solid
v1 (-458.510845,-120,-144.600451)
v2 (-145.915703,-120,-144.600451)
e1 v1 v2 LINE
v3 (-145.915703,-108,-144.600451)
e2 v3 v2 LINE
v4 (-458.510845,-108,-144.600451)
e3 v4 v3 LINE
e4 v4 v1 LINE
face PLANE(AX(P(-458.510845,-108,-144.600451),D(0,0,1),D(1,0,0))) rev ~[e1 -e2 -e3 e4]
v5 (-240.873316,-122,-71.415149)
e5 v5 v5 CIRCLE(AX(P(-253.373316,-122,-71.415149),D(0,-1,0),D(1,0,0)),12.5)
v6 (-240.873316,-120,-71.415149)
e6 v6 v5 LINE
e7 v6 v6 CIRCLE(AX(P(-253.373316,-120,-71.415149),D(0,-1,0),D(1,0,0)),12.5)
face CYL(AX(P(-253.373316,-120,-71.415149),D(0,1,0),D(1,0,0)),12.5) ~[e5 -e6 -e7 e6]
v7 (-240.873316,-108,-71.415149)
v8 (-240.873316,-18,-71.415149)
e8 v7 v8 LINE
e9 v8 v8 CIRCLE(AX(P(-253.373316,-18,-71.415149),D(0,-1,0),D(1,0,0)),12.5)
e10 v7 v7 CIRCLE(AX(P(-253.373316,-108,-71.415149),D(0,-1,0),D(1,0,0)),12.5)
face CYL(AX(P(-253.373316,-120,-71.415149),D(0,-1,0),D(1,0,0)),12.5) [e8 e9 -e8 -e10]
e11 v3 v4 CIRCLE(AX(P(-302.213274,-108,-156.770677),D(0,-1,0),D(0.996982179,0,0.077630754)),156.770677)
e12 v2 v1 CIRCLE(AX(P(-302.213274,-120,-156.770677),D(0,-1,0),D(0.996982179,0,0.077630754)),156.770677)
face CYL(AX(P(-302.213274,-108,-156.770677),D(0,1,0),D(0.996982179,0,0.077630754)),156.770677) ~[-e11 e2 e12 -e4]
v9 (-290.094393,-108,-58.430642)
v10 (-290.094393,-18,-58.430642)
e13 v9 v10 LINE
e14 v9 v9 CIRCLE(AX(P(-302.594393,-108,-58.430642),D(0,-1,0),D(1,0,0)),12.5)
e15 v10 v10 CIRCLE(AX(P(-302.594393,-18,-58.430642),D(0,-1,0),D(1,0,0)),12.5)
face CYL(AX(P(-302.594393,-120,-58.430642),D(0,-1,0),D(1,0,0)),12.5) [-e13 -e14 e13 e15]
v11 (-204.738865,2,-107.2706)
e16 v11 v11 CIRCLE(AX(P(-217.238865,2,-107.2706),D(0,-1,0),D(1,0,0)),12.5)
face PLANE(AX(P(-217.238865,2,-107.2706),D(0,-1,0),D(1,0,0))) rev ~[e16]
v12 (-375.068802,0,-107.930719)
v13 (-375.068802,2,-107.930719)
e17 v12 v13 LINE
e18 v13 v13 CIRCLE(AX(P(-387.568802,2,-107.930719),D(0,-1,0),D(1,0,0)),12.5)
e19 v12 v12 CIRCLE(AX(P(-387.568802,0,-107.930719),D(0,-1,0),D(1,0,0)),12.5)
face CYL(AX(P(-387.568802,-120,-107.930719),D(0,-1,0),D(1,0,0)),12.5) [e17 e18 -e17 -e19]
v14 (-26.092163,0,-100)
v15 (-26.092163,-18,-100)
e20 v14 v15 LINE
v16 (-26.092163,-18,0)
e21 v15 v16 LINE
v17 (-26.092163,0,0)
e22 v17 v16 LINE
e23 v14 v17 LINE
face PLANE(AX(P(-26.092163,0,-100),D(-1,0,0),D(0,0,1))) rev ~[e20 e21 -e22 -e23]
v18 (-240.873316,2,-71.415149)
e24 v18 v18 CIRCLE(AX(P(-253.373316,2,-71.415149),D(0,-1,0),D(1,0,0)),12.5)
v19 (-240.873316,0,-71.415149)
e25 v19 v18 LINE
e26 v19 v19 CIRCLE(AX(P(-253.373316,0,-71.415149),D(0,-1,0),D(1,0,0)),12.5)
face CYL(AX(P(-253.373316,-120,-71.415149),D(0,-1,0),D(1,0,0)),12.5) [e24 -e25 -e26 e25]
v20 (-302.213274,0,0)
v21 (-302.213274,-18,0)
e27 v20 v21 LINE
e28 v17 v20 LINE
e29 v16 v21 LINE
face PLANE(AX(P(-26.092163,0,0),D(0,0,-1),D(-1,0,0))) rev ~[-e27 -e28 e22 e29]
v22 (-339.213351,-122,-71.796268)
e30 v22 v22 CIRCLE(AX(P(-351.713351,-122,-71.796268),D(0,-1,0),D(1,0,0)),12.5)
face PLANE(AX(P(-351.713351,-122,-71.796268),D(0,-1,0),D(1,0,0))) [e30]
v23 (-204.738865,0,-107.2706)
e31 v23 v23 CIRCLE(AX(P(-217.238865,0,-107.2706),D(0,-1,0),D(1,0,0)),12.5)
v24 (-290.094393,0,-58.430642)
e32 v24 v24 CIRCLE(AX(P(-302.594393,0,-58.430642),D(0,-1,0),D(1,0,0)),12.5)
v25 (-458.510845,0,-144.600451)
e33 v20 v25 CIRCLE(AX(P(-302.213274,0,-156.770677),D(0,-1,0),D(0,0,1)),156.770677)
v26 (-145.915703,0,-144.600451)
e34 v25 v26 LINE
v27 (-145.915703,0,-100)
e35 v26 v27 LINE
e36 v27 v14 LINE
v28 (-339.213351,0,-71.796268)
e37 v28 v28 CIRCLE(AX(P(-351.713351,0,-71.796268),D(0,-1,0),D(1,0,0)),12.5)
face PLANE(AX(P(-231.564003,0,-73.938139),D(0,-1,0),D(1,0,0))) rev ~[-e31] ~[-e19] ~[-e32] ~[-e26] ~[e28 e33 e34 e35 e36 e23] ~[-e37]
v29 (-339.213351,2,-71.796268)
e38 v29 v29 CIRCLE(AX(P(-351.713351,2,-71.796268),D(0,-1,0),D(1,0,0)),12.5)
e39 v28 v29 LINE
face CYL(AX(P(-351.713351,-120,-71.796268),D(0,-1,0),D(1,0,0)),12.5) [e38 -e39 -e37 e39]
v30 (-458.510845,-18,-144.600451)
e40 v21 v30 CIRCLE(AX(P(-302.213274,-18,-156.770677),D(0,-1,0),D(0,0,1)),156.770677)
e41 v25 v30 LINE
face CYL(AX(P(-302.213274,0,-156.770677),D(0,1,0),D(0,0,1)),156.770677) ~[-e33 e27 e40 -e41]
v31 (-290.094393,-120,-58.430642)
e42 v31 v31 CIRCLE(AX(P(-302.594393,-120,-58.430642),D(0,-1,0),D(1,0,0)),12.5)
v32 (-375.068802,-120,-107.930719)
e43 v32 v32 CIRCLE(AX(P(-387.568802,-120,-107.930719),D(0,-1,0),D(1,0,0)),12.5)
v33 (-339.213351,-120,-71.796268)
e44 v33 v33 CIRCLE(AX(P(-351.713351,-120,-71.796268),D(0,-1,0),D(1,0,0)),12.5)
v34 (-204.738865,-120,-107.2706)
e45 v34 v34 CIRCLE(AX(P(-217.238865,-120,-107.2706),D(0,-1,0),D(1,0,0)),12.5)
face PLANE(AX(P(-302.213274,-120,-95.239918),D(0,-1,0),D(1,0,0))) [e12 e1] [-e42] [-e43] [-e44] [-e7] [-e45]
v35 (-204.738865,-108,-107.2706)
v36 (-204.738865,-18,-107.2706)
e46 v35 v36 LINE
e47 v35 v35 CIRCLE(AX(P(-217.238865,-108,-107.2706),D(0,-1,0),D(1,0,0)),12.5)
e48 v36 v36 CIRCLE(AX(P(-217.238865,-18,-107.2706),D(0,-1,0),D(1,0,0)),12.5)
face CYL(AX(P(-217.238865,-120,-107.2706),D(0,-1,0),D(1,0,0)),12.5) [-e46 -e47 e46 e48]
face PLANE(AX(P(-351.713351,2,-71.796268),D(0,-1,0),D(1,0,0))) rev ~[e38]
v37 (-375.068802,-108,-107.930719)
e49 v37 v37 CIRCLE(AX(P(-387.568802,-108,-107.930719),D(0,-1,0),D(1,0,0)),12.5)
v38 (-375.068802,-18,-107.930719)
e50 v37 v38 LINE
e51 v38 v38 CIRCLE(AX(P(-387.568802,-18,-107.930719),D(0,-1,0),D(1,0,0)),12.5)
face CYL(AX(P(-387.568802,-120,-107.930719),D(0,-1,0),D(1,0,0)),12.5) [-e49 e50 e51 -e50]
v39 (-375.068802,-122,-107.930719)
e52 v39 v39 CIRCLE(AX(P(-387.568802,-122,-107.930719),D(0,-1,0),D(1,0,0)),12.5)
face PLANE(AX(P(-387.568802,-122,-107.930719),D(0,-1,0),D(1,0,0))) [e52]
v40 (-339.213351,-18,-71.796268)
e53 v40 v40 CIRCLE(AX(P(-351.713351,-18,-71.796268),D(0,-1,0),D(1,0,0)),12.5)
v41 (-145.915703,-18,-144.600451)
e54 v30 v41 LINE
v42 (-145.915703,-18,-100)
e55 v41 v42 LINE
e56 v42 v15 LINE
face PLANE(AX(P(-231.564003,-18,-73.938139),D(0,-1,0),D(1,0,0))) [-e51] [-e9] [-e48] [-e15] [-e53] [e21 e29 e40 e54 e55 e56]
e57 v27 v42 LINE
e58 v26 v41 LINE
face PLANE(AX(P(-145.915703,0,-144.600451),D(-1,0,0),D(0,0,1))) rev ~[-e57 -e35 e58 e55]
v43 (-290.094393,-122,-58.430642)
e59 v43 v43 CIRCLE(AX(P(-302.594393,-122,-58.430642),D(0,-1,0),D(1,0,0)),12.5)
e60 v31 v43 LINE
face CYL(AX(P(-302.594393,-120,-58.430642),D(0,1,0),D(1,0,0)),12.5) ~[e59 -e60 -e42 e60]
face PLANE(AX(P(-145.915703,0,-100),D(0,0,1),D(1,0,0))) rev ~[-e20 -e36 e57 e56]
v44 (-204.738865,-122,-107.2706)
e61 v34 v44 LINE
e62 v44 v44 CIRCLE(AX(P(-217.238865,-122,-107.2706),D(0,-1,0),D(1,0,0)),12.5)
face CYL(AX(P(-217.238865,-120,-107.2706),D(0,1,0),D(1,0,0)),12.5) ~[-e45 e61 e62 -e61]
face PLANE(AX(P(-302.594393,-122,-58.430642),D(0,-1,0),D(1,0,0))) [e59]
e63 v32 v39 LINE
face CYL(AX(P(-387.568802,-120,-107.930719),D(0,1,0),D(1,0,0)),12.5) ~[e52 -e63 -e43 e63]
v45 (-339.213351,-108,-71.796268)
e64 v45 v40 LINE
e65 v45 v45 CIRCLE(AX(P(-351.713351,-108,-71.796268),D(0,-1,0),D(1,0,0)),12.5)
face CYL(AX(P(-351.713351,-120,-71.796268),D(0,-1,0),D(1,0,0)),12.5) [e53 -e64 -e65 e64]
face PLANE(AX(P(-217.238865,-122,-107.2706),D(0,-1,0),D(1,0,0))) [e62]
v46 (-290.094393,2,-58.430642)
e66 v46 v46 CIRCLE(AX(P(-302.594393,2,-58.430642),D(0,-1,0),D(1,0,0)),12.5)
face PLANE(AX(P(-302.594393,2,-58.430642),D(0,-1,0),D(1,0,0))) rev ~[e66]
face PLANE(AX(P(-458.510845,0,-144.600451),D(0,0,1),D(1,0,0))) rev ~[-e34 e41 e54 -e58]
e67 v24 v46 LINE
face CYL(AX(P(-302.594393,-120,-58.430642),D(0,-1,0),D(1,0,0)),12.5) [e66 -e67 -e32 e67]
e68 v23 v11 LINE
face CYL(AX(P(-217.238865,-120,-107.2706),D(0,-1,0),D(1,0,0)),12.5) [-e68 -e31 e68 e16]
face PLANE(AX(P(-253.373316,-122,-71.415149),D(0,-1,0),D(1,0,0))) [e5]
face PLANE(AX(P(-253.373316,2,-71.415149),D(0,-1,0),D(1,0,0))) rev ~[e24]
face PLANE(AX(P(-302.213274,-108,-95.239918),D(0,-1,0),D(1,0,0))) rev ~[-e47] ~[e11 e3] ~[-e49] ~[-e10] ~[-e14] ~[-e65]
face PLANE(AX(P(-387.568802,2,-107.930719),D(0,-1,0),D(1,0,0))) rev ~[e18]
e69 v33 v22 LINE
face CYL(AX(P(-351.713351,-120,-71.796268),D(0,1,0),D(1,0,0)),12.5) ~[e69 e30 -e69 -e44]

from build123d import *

# Parameters (mm, degrees)
F0_R          = 12.5
F1_DEPTH      = 18
F3_R          = 12.5
F4_DEPTH      = 12
F5_R          = 12.5
F6_DEPTH      = 122
F6_DEPTH_BACK = 2


with BuildPart() as f1:
    # F0 (on Front) → F1 (new body)
    with BuildSketch(Plane.XZ):
        with BuildLine():
            Line((-26.0921634734, -100), (-26.0921634734, 0))
            Line((-26.0921634734, 0), (-302.2132738139, 0))
            ThreePointArc((-302.2132738139, 0), (-408.6771422638, -41.6946592259), (-458.5108448572, -144.6004509926))
            Line((-458.5108448572, -144.6004509926), (-145.9157027706, -144.6004509926))
            Line((-145.9157027706, -144.6004509926), (-145.9157027706, -100))
            Line((-145.9157027706, -100), (-26.0921634734, -100))
        make_face()
        with Locations((-387.568802112, -107.9307186779)):
            Circle(F0_R, mode=Mode.SUBTRACT)
        with Locations((-217.2388651936, -107.2706000321)):
            Circle(F0_R, mode=Mode.SUBTRACT)
        with Locations((-351.7133506022, -71.7962682002)):
            Circle(F0_R, mode=Mode.SUBTRACT)
        with Locations((-302.5943934917, -58.4306418896)):
            Circle(F0_R, mode=Mode.SUBTRACT)
        with Locations((-253.3733156713, -71.4151485223)):
            Circle(F0_R, mode=Mode.SUBTRACT)
    extrude(amount=F1_DEPTH)



with BuildPart() as f4:
    # F3 (on offset) → F4 (new body)
    with BuildSketch(Plane.XZ.offset(108)):
        with BuildLine():
            Line((-458.5108448572, -144.6004509926), (-145.9157027706, -144.6004509926))
            ThreePointArc((-145.9157027706, -144.6004509926), (-302.2132738139, 0), (-458.5108448572, -144.6004509926))
        make_face()
        with Locations((-387.568802112, -107.9307186779)):
            Circle(F3_R, mode=Mode.SUBTRACT)
        with Locations((-217.2388651936, -107.2706000321)):
            Circle(F3_R, mode=Mode.SUBTRACT)
        with Locations((-351.7133506022, -71.7962682002)):
            Circle(F3_R, mode=Mode.SUBTRACT)
        with Locations((-302.5943934917, -58.4306418896)):
            Circle(F3_R, mode=Mode.SUBTRACT)
        with Locations((-253.3733156713, -71.4151485223)):
            Circle(F3_R, mode=Mode.SUBTRACT)
    extrude(amount=F4_DEPTH)


with BuildPart() as f1_1:
    add(f1.part)

    add(f4.part)  # F6 merges F4
    # F5 (on face) → F6 (join, two sides)
    with BuildSketch(Plane.XZ.offset(120)) as f6_sk:
        with Locations((-387.568802112, -107.9307186779)):
            Circle(F5_R)
        with Locations((-351.7133506022, -71.7962682002)):
            Circle(F5_R)
        with Locations((-302.5943934917, -58.4306418896)):
            Circle(F5_R)
        with Locations((-253.3733156713, -71.4151485223)):
            Circle(F5_R)
        with Locations((-217.2388651936, -107.2706000321)):
            Circle(F5_R)
    extrude(amount=-F6_DEPTH)
    extrude(f6_sk.sketch, amount=F6_DEPTH_BACK)


solid = f1_1.part
